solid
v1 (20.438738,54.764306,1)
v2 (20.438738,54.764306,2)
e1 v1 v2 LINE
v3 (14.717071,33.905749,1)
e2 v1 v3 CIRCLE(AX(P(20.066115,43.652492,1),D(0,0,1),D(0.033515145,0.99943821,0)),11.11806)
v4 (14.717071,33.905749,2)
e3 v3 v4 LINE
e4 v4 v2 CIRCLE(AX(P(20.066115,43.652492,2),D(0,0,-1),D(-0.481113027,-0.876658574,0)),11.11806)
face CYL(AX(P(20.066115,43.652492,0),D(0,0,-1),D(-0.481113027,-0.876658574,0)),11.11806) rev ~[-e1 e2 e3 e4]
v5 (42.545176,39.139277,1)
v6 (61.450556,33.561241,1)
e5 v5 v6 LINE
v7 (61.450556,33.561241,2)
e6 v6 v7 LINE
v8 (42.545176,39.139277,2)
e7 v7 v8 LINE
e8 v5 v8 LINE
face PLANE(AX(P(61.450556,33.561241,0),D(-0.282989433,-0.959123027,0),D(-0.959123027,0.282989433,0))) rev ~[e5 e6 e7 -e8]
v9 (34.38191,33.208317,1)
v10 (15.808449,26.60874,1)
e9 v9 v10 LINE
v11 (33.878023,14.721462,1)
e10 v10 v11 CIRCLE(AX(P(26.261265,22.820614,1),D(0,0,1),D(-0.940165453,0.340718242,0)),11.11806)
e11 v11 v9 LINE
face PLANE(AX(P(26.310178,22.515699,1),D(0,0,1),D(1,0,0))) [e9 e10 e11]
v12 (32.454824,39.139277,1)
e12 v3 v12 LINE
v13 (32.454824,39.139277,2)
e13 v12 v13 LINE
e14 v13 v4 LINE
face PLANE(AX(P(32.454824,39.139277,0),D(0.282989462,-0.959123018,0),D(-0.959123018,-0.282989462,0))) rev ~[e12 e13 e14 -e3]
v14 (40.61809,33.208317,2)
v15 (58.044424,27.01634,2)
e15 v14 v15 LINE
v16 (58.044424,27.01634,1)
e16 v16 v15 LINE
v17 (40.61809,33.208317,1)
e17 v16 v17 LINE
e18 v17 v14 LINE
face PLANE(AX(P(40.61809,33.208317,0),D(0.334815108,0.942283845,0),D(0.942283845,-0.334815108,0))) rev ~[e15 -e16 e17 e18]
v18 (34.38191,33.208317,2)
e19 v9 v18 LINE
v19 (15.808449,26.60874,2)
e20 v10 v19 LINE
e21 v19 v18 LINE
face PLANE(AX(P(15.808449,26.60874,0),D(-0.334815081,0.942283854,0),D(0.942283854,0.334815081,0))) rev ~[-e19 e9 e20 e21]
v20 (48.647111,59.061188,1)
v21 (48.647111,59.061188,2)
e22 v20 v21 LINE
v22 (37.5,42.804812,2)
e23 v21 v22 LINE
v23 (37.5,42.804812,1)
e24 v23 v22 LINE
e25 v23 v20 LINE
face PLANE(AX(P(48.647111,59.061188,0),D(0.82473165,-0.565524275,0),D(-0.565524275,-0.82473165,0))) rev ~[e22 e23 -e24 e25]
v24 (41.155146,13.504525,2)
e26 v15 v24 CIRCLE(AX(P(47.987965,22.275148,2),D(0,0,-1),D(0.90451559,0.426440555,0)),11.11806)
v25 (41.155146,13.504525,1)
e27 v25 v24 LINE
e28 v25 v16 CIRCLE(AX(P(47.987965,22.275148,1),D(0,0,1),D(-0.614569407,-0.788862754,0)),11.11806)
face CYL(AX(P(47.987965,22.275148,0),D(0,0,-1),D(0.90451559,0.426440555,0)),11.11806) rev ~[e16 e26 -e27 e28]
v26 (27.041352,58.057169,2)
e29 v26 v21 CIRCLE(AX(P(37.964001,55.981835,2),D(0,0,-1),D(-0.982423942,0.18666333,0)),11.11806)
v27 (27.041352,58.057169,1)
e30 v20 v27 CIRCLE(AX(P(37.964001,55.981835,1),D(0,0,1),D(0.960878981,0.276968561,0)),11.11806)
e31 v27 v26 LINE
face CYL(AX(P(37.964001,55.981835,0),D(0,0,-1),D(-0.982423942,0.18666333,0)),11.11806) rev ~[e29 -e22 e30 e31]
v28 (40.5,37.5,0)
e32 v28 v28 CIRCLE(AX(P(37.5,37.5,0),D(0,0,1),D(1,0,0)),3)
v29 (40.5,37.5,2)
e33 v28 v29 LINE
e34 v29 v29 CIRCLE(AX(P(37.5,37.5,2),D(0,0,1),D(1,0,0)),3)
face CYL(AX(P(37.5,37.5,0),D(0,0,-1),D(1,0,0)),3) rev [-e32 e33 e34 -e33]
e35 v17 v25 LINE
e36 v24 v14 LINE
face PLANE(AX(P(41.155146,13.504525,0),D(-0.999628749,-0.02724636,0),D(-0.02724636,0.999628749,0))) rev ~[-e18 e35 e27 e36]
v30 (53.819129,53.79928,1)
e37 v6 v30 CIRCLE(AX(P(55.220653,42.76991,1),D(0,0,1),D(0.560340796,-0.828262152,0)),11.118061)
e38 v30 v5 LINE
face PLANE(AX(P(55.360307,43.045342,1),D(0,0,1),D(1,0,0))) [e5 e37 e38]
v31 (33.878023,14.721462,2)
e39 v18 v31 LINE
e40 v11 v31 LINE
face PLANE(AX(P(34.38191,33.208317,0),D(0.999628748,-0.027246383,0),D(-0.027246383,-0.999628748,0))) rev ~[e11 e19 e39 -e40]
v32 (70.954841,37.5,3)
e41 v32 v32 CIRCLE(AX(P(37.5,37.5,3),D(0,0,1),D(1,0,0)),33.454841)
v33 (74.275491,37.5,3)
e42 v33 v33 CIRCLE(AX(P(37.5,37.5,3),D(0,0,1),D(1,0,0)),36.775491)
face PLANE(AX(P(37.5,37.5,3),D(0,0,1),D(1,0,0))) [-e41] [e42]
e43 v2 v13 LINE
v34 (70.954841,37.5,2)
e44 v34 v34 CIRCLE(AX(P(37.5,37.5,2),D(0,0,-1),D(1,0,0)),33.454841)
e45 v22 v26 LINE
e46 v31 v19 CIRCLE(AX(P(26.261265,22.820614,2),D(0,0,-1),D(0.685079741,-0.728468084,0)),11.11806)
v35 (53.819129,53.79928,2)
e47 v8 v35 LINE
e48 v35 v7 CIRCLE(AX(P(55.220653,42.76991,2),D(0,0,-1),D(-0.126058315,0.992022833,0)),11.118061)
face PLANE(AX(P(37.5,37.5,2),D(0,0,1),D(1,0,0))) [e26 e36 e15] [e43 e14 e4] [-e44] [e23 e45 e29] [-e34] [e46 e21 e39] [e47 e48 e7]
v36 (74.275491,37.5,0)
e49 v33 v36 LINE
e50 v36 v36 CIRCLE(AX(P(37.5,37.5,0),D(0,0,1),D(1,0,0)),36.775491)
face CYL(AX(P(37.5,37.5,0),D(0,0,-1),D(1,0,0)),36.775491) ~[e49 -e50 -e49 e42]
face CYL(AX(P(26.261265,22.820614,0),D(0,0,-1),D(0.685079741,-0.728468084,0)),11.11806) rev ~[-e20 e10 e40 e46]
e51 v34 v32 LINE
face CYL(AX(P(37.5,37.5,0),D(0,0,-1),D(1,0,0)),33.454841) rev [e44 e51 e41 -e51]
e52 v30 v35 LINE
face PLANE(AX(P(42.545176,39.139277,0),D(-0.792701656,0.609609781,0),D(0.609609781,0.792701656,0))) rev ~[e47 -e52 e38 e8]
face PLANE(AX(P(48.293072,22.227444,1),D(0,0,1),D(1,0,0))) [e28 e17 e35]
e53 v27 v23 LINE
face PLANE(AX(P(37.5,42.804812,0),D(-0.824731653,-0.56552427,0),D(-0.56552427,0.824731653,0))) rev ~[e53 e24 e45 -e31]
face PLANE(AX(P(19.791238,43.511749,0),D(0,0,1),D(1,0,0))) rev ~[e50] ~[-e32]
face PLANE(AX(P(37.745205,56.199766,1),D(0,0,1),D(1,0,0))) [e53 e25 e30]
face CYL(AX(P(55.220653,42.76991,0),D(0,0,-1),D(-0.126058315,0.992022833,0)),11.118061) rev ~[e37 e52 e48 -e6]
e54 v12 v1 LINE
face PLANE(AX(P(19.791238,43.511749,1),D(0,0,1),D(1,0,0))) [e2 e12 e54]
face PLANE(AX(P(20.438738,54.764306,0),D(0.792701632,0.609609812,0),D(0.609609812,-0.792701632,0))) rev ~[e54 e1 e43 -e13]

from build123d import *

# Parameters (mm, degrees)
F0_R     = 36.775491
F0_R_2   = 33.454841
F0_R_3   = 3
F1_DEPTH = 2
F2_DEPTH = 3
F3_DEPTH = 1


with BuildPart() as f1:
    # F0 (on Top) → F1 (new body)
    with BuildSketch(Plane.XY):
        with Locations((37.5, 37.5)):
            Circle(F0_R)
        with Locations((37.5, 37.5)):
            Circle(F0_R_2, mode=Mode.SUBTRACT)
        with Locations((37.5, 37.5)):
            Circle(F0_R_2)
        with BuildLine():
            ThreePointArc((33.878023, 14.721462), (20.150811, 13.532255), (15.808449, 26.60874))
            Line((15.808449, 26.60874), (34.38191, 33.208317))
            Line((34.38191, 33.208317), (33.878023, 14.721462))
        make_face(mode=Mode.SUBTRACT)
        with BuildLine():
            Line((41.155146, 13.504525), (40.61809, 33.208317))
            Line((40.61809, 33.208317), (58.044424, 27.01634))
            ThreePointArc((58.044424, 27.01634), (54.933486, 13.593501), (41.155146, 13.504525))
        make_face(mode=Mode.SUBTRACT)
        with BuildLine():
            ThreePointArc((14.717071, 33.905749), (9.344126, 46.593618), (20.438738, 54.764306))
            Line((20.438738, 54.764306), (32.454824, 39.139277))
            Line((32.454824, 39.139277), (14.717071, 33.905749))
        make_face(mode=Mode.SUBTRACT)
        with Locations((37.5, 37.5)):
            Circle(F0_R_3, mode=Mode.SUBTRACT)
        with BuildLine():
            Line((61.450556, 33.561241), (42.545176, 39.139277))
            Line((42.545176, 39.139277), (53.819129, 53.79928))
            ThreePointArc((53.819129, 53.79928), (65.623675, 46.692716), (61.450556, 33.561241))
        make_face(mode=Mode.SUBTRACT)
        with BuildLine():
            Line((37.5, 42.804812), (27.041352, 58.057169))
            ThreePointArc((27.041352, 58.057169), (37.447901, 67.08791), (48.647111, 59.061188))
            Line((48.647111, 59.061188), (37.5, 42.804812))
        make_face(mode=Mode.SUBTRACT)
    extrude(amount=F1_DEPTH)

    # F0 (on Top) → F2 (join)
    with BuildSketch(Plane.XY):
        with Locations((37.5, 37.5)):
            Circle(F0_R)
        with Locations((37.5, 37.5)):
            Circle(F0_R_2, mode=Mode.SUBTRACT)
    extrude(amount=F2_DEPTH)

    # F0 (on Top) → F3 (join)
    with BuildSketch(Plane.XY):
        with BuildLine():
            Line((32.454824, 39.139277), (20.438738, 54.764306))
            ThreePointArc((20.438738, 54.764306), (9.344126, 46.593618), (14.717071, 33.905749))
            Line((14.717071, 33.905749), (32.454824, 39.139277))
        make_face()
        with BuildLine():
            ThreePointArc((48.647111, 59.061188), (37.447901, 67.08791), (27.041352, 58.057169))
            Line((27.041352, 58.057169), (37.5, 42.804812))
            Line((37.5, 42.804812), (48.647111, 59.061188))
        make_face()
        with BuildLine():
            Line((53.819129, 53.79928), (42.545176, 39.139277))
            Line((42.545176, 39.139277), (61.450556, 33.561241))
            ThreePointArc((61.450556, 33.561241), (65.623675, 46.692716), (53.819129, 53.79928))
        make_face()
        with BuildLine():
            Line((58.044424, 27.01634), (40.61809, 33.208317))
            Line((40.61809, 33.208317), (41.155146, 13.504525))
            ThreePointArc((41.155146, 13.504525), (54.933486, 13.593501), (58.044424, 27.01634))
        make_face()
        with BuildLine():
            Line((34.38191, 33.208317), (15.808449, 26.60874))
            ThreePointArc((15.808449, 26.60874), (20.150811, 13.532255), (33.878023, 14.721462))
            Line((33.878023, 14.721462), (34.38191, 33.208317))
        make_face()
    extrude(amount=F3_DEPTH)


solid = f1.part
